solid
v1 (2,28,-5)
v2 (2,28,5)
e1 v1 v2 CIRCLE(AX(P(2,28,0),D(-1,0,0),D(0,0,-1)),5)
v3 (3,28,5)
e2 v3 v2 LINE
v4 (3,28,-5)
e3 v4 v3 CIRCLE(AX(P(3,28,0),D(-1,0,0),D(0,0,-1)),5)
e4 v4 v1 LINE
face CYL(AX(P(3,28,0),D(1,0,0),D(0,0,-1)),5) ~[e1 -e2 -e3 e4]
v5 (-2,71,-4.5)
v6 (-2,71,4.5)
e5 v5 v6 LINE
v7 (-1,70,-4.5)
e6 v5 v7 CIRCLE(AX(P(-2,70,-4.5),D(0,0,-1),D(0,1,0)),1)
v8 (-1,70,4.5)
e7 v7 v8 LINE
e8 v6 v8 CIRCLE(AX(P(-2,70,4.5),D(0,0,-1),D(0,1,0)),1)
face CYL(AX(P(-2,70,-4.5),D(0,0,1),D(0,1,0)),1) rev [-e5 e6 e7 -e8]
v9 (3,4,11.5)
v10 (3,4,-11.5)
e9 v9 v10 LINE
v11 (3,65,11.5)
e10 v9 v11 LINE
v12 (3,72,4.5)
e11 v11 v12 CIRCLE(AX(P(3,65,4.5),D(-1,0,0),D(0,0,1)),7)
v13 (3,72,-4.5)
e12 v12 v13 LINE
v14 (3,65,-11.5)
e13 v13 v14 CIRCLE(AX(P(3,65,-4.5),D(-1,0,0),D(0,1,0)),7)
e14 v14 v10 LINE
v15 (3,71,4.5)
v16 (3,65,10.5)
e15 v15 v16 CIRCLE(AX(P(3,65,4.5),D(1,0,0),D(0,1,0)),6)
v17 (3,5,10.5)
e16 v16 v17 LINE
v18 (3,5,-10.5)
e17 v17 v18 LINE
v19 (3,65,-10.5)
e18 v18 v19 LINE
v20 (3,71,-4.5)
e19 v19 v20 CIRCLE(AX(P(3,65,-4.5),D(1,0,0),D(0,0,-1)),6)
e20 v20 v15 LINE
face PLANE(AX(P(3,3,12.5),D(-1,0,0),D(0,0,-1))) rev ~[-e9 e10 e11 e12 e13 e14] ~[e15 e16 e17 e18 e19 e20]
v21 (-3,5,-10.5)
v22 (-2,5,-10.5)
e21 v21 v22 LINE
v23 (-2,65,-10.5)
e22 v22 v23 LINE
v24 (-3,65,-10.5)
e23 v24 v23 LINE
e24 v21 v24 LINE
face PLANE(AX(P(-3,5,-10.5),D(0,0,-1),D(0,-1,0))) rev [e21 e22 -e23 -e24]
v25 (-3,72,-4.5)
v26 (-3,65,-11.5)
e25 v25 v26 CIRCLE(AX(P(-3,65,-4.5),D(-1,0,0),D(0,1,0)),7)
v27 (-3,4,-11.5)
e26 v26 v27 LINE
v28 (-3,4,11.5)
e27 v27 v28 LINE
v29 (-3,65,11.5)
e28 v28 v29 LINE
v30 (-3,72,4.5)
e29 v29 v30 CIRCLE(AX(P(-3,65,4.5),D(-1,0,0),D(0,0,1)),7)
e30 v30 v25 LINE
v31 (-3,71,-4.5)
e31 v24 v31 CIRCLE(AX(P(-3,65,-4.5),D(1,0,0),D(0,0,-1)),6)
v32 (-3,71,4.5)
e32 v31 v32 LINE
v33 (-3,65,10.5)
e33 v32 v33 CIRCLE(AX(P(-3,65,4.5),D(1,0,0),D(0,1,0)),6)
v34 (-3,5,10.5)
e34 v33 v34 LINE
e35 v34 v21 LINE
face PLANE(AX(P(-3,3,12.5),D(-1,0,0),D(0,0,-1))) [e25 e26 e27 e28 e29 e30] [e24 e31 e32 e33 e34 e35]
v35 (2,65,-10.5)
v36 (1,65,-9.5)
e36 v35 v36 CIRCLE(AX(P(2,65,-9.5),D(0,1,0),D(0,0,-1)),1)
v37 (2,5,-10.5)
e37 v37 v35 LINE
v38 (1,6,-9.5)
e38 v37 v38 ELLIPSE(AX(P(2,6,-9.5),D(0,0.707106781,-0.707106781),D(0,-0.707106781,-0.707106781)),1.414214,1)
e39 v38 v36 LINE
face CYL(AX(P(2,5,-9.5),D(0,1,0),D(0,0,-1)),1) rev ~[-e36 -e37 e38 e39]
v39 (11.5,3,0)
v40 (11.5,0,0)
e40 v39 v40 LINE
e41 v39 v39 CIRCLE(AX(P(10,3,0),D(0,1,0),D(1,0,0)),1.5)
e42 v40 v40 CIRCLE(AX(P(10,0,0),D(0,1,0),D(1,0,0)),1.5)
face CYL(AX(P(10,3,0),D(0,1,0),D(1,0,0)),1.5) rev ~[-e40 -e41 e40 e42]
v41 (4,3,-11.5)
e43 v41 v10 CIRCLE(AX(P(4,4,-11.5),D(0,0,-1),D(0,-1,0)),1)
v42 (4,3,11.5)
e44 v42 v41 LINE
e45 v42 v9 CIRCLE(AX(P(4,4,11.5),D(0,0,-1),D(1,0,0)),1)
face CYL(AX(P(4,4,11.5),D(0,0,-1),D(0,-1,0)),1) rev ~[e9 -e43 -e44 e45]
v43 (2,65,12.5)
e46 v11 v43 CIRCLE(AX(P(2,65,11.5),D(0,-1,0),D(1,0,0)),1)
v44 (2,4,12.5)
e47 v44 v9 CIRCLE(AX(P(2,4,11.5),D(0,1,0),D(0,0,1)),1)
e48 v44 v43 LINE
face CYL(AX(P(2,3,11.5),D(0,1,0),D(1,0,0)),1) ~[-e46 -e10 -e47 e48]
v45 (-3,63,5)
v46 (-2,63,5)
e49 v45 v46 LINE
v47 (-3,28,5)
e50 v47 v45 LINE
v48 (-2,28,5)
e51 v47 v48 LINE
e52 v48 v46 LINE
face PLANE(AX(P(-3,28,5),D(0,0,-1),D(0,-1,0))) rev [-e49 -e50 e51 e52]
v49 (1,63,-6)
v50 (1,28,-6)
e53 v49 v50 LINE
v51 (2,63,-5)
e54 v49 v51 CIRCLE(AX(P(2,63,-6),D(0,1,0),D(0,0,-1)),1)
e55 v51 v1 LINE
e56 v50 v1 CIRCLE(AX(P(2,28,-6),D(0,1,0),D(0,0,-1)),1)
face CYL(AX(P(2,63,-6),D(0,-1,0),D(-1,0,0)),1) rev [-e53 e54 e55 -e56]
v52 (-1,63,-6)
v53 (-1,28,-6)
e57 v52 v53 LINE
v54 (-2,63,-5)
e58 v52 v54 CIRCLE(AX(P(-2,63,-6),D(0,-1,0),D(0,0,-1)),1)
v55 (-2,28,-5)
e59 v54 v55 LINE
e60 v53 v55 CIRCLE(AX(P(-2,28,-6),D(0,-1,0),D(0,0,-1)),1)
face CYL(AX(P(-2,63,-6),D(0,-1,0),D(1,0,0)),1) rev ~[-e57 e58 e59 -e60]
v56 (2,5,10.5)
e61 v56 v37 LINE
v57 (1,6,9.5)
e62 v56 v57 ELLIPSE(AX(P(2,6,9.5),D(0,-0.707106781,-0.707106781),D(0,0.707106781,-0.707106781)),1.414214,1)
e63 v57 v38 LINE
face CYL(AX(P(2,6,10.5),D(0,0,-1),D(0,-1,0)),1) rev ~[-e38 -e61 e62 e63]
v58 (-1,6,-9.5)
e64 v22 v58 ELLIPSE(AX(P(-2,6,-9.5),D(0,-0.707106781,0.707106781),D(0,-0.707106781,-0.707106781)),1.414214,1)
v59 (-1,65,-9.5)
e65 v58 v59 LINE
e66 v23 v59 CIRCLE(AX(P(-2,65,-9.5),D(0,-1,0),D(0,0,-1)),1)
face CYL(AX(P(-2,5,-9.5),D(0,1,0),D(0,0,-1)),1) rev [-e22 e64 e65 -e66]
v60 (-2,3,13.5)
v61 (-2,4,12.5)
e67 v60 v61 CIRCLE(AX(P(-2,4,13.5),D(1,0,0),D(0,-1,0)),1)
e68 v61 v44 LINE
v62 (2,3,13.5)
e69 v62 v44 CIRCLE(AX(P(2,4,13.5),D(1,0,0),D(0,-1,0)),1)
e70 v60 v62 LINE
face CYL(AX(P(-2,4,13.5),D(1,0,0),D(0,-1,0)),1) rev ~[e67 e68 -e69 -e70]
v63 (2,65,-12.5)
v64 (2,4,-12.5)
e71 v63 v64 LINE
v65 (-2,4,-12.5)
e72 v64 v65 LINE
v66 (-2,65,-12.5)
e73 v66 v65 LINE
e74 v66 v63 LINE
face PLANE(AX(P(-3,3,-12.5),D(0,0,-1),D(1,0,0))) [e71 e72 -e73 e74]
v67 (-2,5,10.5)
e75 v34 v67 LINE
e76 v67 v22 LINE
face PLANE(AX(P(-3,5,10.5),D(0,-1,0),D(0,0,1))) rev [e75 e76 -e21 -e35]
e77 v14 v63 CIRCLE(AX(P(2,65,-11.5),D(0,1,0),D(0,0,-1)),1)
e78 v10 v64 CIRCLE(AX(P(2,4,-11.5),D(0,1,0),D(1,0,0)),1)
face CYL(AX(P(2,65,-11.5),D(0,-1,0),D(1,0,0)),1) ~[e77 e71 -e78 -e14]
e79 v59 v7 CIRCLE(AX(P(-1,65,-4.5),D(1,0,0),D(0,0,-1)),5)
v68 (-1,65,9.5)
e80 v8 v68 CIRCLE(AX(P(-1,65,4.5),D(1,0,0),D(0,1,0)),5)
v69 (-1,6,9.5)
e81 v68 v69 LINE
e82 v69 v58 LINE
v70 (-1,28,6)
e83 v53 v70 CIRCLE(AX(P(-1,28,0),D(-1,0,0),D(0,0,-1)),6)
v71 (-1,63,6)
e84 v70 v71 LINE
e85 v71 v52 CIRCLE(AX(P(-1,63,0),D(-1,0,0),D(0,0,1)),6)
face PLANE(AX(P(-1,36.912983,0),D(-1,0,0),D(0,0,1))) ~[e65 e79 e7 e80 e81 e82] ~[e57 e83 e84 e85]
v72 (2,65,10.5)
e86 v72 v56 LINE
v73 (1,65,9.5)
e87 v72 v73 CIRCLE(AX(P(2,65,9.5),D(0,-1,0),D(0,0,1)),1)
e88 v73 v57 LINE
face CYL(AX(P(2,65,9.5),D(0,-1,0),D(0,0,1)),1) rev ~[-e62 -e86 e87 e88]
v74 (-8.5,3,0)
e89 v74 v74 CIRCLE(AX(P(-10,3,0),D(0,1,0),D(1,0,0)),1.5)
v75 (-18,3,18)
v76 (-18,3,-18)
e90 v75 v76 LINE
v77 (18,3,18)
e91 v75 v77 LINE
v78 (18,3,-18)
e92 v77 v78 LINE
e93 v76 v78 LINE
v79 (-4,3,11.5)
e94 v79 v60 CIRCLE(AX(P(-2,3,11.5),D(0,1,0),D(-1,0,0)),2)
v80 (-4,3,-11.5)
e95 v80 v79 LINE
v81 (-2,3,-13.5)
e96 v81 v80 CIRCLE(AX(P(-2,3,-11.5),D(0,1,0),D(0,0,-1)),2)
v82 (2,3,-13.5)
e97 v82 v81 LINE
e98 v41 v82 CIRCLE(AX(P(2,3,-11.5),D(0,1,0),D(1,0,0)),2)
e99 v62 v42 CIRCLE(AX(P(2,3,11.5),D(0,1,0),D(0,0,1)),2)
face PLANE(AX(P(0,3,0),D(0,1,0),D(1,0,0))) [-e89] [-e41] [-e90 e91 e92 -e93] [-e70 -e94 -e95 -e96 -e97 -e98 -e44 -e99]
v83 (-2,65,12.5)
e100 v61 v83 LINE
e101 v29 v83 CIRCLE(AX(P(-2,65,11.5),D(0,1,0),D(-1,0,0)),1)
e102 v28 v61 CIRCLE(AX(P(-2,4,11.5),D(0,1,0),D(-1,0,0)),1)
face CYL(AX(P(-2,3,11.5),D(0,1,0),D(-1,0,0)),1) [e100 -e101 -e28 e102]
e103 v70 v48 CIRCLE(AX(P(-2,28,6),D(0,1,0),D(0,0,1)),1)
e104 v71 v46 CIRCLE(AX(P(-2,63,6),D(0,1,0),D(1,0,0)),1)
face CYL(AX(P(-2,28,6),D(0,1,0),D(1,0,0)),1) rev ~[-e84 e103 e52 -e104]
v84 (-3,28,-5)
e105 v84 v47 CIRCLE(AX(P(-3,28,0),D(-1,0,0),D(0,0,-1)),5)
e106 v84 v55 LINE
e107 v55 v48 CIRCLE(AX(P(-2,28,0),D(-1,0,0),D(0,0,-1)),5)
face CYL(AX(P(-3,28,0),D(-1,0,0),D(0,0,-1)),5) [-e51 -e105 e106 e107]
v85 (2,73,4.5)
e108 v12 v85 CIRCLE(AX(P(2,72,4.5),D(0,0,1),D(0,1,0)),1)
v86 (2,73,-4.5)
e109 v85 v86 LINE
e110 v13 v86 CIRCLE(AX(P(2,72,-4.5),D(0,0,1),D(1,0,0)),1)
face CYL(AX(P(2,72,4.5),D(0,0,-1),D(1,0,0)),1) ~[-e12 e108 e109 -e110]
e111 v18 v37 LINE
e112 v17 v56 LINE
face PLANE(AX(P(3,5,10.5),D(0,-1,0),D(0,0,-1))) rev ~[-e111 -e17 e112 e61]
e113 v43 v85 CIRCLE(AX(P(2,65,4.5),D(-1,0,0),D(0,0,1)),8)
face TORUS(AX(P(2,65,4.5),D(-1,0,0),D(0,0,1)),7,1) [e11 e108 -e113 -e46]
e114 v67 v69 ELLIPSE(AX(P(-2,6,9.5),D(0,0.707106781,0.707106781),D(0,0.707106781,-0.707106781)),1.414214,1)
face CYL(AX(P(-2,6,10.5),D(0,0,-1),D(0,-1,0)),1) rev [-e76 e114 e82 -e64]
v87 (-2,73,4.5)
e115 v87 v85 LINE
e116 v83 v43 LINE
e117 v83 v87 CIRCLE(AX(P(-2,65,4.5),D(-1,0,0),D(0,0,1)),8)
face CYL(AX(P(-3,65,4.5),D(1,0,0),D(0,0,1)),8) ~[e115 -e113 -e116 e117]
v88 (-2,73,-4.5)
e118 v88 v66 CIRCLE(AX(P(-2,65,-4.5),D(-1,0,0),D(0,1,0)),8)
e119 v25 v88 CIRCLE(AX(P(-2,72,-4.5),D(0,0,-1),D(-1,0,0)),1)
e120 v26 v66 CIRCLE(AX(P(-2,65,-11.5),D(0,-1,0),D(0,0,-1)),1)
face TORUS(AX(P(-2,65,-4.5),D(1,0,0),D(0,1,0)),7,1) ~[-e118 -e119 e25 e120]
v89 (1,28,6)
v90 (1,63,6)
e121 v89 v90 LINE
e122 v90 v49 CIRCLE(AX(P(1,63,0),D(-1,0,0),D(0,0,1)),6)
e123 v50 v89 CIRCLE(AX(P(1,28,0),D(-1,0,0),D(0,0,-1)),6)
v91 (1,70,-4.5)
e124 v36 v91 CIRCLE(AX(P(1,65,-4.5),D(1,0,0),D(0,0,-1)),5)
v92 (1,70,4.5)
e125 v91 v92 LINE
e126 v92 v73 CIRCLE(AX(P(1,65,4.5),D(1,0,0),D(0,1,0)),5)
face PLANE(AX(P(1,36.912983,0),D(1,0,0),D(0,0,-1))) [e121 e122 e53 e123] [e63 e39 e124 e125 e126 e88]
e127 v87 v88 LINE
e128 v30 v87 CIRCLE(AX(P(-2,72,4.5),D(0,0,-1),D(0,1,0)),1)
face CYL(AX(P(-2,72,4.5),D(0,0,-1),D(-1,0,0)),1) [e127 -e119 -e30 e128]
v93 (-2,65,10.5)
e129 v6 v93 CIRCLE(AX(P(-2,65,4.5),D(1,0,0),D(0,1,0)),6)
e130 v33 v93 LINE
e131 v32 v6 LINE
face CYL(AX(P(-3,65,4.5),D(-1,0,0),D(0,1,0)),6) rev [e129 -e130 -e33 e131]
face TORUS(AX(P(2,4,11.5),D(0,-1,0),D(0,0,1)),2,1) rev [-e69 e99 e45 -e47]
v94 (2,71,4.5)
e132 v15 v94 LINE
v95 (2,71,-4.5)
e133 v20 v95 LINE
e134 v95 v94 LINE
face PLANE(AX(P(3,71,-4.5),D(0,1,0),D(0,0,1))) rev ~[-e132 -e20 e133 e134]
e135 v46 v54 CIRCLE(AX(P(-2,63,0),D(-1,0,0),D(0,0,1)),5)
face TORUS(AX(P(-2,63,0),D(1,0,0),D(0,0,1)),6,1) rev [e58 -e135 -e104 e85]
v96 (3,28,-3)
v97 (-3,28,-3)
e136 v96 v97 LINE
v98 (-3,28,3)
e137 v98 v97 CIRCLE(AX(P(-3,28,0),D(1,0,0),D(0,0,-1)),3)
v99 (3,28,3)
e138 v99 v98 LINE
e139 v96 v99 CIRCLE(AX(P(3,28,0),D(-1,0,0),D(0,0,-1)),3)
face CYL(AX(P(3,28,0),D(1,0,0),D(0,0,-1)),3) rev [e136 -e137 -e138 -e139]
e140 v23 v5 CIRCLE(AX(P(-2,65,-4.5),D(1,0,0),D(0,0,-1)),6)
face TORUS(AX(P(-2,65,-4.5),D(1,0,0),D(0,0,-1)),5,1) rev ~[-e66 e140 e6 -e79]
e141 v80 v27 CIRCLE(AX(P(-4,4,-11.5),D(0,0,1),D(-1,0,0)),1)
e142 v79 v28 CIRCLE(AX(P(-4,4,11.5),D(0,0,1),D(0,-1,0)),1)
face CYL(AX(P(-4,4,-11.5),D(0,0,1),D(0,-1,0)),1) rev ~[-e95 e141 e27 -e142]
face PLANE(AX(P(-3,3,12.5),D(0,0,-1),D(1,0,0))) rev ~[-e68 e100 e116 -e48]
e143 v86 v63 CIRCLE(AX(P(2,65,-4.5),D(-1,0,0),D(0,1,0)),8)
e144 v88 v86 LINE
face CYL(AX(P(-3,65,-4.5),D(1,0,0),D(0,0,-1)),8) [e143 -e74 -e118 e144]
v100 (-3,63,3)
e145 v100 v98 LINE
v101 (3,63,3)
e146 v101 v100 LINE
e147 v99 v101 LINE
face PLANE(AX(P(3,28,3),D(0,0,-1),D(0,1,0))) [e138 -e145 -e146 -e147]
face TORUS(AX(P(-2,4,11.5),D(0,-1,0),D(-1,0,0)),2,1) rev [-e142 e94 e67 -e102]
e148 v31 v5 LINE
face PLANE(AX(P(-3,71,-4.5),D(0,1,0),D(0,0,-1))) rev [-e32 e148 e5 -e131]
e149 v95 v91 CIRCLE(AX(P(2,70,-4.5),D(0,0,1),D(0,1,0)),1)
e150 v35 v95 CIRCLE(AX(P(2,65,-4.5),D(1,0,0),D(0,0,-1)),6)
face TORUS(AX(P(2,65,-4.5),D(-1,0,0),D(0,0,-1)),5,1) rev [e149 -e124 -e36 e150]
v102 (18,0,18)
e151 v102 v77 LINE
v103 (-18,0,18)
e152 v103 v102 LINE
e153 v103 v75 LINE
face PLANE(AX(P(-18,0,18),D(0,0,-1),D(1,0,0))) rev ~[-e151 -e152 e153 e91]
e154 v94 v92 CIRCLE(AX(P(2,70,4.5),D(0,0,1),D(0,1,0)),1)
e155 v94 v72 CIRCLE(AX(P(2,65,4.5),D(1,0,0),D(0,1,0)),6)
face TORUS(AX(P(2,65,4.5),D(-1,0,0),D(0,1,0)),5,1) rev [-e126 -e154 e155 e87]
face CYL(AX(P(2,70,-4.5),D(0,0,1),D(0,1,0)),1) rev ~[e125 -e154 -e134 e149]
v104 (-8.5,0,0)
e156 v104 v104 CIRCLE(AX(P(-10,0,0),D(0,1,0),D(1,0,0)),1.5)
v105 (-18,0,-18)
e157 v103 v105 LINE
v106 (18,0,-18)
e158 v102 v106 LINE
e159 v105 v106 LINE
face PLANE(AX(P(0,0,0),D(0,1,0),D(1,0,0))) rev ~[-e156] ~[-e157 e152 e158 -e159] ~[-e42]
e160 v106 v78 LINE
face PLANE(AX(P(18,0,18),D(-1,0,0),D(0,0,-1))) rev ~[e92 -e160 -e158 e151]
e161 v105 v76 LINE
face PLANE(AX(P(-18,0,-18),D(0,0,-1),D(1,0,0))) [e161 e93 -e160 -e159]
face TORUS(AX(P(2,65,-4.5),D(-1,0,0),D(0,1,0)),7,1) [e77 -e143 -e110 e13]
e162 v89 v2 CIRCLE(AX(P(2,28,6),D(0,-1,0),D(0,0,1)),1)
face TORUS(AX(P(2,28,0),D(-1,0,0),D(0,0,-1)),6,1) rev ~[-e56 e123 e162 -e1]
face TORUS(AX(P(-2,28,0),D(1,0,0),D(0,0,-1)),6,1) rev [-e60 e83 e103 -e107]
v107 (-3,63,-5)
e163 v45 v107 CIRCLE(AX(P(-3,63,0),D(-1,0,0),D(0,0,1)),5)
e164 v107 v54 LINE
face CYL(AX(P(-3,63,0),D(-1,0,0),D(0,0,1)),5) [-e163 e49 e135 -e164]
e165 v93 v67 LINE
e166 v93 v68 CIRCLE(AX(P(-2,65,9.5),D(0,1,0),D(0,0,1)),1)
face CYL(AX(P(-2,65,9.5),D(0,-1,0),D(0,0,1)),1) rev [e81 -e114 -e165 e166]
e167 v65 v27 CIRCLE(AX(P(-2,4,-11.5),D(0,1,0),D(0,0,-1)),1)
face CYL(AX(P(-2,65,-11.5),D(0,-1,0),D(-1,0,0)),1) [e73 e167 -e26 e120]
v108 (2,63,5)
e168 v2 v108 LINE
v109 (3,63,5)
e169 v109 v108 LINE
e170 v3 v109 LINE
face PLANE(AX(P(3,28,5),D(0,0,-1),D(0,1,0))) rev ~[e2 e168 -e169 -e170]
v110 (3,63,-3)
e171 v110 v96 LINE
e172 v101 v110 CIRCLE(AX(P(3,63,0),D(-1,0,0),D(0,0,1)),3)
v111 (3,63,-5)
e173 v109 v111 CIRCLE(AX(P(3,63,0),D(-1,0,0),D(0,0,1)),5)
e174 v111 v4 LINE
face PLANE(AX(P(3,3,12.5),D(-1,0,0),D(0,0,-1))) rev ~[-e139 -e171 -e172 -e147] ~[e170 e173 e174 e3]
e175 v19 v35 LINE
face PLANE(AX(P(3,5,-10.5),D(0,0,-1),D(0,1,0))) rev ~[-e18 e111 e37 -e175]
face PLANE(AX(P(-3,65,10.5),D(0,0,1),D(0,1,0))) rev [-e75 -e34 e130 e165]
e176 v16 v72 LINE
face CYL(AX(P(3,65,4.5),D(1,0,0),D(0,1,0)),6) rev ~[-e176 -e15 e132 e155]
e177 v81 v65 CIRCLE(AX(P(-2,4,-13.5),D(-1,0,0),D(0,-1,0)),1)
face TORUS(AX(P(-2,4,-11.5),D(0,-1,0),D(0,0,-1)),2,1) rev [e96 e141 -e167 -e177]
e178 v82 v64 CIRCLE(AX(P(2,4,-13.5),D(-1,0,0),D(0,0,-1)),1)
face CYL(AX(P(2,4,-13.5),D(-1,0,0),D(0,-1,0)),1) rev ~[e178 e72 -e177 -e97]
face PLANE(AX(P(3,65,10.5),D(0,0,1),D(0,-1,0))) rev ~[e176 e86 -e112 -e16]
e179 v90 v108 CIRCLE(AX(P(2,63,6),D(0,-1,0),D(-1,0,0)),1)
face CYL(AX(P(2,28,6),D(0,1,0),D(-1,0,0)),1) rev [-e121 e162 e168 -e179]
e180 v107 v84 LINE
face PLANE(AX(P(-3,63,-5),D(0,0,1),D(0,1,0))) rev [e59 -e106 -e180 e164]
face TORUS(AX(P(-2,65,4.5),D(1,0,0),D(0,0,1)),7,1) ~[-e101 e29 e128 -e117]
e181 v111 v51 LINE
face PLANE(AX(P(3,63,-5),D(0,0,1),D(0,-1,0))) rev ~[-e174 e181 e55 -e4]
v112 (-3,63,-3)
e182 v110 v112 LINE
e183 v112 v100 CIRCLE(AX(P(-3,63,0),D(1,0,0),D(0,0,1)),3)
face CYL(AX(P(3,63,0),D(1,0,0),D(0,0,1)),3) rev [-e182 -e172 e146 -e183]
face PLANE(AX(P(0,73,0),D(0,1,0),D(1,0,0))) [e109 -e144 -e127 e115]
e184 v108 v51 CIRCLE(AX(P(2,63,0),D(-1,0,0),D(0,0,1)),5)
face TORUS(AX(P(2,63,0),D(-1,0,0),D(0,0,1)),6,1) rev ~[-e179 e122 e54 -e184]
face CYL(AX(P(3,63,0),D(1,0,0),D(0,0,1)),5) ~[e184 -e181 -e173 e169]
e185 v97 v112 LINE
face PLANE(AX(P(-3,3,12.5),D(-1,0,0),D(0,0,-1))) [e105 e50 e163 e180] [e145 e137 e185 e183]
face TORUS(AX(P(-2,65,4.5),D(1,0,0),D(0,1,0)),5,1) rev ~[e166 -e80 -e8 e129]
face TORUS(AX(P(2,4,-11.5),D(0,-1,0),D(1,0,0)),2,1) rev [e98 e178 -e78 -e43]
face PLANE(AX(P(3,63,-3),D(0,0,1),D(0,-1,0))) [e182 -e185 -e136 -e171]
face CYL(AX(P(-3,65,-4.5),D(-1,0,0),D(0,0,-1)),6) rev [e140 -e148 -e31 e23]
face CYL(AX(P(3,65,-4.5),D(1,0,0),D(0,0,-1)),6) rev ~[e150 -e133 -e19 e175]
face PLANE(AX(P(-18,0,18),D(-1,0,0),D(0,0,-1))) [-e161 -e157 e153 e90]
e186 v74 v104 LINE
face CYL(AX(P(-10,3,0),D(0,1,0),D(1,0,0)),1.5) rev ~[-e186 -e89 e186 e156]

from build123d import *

# Parameters (mm, degrees)
SKETCH1_W           = 36
SKETCH1_H           = 36
BOSS_EXTRUDE1_DEPTH = 3
SKETCH2_R           = 1.5
CUT_EXTRUDE1_DEPTH  = 3
SKETCH3_W           = 6
SKETCH3_H           = 25
BOSS_EXTRUDE2_DEPTH = 70
CUT_EXTRUDE2_DEPTH  = 70
FILLET1_R           = 8
CUT_EXTRUDE5_DEPTH  = 2
FILLET3_R           = 1
FILLET4_R           = 1
FILLET5_R           = 1


with BuildPart() as part:
    # Sketch1 → Boss-Extrude1 (new body)
    with BuildSketch(Plane(origin=(0, 0, 0), x_dir=(1, 0, 0), z_dir=(0, 1, 0))):
        Rectangle(SKETCH1_W, SKETCH1_H)
    extrude(amount=BOSS_EXTRUDE1_DEPTH)

    # Sketch2 → Cut-Extrude1 (cut)
    with BuildSketch(Plane(origin=(0, 3, 0), x_dir=(1, 0, 0), z_dir=(0, 1, 0))):
        with Locations((-10, 0)):
            Circle(SKETCH2_R)
        with Locations((10, 0)):
            Circle(SKETCH2_R)
    extrude(amount=-CUT_EXTRUDE1_DEPTH, mode=Mode.SUBTRACT)

    # Sketch3 → Boss-Extrude2 (add)
    with BuildSketch(Plane(origin=(0, 3, 0), x_dir=(1, 0, 0), z_dir=(0, 1, 0))):
        Rectangle(SKETCH3_W, SKETCH3_H)
    extrude(amount=BOSS_EXTRUDE2_DEPTH)

    # Sketch4 → Cut-Extrude2 (cut)
    with BuildSketch(Plane(origin=(3, 0, 0), x_dir=(0, 0, -1), z_dir=(1, 0, 0))):
        with BuildLine():
            Line((3, 63), (3, 28))
            ThreePointArc((3, 28), (0, 25), (-3, 28))
            Line((-3, 28), (-3, 63))
            ThreePointArc((-3, 63), (0, 66), (3, 63))
        make_face()
    extrude(amount=-CUT_EXTRUDE2_DEPTH, mode=Mode.SUBTRACT)

    # Fillet1
    fillet1_edges = [part.edges().sort_by_distance(p)[0] for p in [
        (0, 73, 12.5),
        (0, 73, -12.5),
    ]]
    fillet(fillet1_edges, radius=FILLET1_R)

    # Sketch8 → Cut-Extrude5 (cut)
    with BuildSketch(Plane(origin=(3, 0, 0), x_dir=(0, 0, -1), z_dir=(1, 0, 0))):
        with BuildLine():
            Line((-10.5, 65), (-10.5, 5))
            Line((-10.5, 5), (10.5, 5))
            Line((10.5, 5), (10.5, 65))
            ThreePointArc((10.5, 65), (8.742640687, 69.242640687), (4.5, 71))
            Line((4.5, 71), (-4.5, 71))
            ThreePointArc((-4.5, 71), (-8.742640687, 69.242640687), (-10.5, 65))
        make_face()
        with BuildLine():
            Line((5, 63), (5, 28))
            ThreePointArc((5, 28), (0, 23), (-5, 28))
            Line((-5, 28), (-5, 63))
            ThreePointArc((-5, 63), (0, 68), (5, 63))
        make_face(mode=Mode.SUBTRACT)
    cut_extrude5 = extrude(amount=-CUT_EXTRUDE5_DEPTH, mode=Mode.SUBTRACT)

    # Mirror1: Cut-Extrude5 across plane
    add(cut_extrude5.mirror(Plane(origin=(0, 0, 0), x_dir=(0, 0, 1), z_dir=(1, 0, 0))), mode=Mode.SUBTRACT)

    # Fillet3
    fillet3_edges = [part.edges().sort_by_distance(p)[0] for p in [
        (-3, 73, 0),
        (3, 73, 0),
        (-3, 34, 12.5),
        (-3, 34, -12.5),
        (-3, 70.656854249, 10.156854249),
        (-3, 70.656854249, -10.156854249),
        (3, 34, -12.5),
        (3, 34, 12.5),
        (3, 70.656854249, 10.156854249),
        (3, 70.656854249, -10.156854249),
    ]]
    fillet(fillet3_edges, radius=FILLET3_R)

    # Fillet4
    fillet4_edges = [part.edges().sort_by_distance(p)[0] for p in [
        (-1, 5, 0),
        (-1, 35, -10.5),
        (-1, 69.242640687, -8.742640687),
        (-1, 71, 0),
        (-1, 69.242640687, 8.742640687),
        (-1, 35, 10.5),
        (-1, 23, 0),
        (-1, 45.5, -5),
        (-1, 68, 0),
        (-1, 45.5, 5),
        (1, 5, 0),
        (1, 35, 10.5),
        (1, 69.242640687, 8.742640687),
        (1, 71, 0),
        (1, 69.242640687, -8.742640687),
        (1, 35, -10.5),
        (1, 23, 0),
        (1, 45.5, -5),
        (1, 68, 0),
        (1, 45.5, 5),
    ]]
    fillet(fillet4_edges, radius=FILLET4_R)

    # Fillet5
    fillet5_edges = [part.edges().sort_by_distance(p)[0] for p in [
        (0, 3, 12.5),
        (-3, 3, 0),
        (0, 3, -12.5),
        (3, 3, 0),
        (-2.707106781, 3, 12.207106781),
        (-2.707106781, 3, -12.207106781),
        (2.707106781, 3, 12.207106781),
        (2.707106781, 3, -12.207106781),
    ]]
    fillet(fillet5_edges, radius=FILLET5_R)


solid = part.part
